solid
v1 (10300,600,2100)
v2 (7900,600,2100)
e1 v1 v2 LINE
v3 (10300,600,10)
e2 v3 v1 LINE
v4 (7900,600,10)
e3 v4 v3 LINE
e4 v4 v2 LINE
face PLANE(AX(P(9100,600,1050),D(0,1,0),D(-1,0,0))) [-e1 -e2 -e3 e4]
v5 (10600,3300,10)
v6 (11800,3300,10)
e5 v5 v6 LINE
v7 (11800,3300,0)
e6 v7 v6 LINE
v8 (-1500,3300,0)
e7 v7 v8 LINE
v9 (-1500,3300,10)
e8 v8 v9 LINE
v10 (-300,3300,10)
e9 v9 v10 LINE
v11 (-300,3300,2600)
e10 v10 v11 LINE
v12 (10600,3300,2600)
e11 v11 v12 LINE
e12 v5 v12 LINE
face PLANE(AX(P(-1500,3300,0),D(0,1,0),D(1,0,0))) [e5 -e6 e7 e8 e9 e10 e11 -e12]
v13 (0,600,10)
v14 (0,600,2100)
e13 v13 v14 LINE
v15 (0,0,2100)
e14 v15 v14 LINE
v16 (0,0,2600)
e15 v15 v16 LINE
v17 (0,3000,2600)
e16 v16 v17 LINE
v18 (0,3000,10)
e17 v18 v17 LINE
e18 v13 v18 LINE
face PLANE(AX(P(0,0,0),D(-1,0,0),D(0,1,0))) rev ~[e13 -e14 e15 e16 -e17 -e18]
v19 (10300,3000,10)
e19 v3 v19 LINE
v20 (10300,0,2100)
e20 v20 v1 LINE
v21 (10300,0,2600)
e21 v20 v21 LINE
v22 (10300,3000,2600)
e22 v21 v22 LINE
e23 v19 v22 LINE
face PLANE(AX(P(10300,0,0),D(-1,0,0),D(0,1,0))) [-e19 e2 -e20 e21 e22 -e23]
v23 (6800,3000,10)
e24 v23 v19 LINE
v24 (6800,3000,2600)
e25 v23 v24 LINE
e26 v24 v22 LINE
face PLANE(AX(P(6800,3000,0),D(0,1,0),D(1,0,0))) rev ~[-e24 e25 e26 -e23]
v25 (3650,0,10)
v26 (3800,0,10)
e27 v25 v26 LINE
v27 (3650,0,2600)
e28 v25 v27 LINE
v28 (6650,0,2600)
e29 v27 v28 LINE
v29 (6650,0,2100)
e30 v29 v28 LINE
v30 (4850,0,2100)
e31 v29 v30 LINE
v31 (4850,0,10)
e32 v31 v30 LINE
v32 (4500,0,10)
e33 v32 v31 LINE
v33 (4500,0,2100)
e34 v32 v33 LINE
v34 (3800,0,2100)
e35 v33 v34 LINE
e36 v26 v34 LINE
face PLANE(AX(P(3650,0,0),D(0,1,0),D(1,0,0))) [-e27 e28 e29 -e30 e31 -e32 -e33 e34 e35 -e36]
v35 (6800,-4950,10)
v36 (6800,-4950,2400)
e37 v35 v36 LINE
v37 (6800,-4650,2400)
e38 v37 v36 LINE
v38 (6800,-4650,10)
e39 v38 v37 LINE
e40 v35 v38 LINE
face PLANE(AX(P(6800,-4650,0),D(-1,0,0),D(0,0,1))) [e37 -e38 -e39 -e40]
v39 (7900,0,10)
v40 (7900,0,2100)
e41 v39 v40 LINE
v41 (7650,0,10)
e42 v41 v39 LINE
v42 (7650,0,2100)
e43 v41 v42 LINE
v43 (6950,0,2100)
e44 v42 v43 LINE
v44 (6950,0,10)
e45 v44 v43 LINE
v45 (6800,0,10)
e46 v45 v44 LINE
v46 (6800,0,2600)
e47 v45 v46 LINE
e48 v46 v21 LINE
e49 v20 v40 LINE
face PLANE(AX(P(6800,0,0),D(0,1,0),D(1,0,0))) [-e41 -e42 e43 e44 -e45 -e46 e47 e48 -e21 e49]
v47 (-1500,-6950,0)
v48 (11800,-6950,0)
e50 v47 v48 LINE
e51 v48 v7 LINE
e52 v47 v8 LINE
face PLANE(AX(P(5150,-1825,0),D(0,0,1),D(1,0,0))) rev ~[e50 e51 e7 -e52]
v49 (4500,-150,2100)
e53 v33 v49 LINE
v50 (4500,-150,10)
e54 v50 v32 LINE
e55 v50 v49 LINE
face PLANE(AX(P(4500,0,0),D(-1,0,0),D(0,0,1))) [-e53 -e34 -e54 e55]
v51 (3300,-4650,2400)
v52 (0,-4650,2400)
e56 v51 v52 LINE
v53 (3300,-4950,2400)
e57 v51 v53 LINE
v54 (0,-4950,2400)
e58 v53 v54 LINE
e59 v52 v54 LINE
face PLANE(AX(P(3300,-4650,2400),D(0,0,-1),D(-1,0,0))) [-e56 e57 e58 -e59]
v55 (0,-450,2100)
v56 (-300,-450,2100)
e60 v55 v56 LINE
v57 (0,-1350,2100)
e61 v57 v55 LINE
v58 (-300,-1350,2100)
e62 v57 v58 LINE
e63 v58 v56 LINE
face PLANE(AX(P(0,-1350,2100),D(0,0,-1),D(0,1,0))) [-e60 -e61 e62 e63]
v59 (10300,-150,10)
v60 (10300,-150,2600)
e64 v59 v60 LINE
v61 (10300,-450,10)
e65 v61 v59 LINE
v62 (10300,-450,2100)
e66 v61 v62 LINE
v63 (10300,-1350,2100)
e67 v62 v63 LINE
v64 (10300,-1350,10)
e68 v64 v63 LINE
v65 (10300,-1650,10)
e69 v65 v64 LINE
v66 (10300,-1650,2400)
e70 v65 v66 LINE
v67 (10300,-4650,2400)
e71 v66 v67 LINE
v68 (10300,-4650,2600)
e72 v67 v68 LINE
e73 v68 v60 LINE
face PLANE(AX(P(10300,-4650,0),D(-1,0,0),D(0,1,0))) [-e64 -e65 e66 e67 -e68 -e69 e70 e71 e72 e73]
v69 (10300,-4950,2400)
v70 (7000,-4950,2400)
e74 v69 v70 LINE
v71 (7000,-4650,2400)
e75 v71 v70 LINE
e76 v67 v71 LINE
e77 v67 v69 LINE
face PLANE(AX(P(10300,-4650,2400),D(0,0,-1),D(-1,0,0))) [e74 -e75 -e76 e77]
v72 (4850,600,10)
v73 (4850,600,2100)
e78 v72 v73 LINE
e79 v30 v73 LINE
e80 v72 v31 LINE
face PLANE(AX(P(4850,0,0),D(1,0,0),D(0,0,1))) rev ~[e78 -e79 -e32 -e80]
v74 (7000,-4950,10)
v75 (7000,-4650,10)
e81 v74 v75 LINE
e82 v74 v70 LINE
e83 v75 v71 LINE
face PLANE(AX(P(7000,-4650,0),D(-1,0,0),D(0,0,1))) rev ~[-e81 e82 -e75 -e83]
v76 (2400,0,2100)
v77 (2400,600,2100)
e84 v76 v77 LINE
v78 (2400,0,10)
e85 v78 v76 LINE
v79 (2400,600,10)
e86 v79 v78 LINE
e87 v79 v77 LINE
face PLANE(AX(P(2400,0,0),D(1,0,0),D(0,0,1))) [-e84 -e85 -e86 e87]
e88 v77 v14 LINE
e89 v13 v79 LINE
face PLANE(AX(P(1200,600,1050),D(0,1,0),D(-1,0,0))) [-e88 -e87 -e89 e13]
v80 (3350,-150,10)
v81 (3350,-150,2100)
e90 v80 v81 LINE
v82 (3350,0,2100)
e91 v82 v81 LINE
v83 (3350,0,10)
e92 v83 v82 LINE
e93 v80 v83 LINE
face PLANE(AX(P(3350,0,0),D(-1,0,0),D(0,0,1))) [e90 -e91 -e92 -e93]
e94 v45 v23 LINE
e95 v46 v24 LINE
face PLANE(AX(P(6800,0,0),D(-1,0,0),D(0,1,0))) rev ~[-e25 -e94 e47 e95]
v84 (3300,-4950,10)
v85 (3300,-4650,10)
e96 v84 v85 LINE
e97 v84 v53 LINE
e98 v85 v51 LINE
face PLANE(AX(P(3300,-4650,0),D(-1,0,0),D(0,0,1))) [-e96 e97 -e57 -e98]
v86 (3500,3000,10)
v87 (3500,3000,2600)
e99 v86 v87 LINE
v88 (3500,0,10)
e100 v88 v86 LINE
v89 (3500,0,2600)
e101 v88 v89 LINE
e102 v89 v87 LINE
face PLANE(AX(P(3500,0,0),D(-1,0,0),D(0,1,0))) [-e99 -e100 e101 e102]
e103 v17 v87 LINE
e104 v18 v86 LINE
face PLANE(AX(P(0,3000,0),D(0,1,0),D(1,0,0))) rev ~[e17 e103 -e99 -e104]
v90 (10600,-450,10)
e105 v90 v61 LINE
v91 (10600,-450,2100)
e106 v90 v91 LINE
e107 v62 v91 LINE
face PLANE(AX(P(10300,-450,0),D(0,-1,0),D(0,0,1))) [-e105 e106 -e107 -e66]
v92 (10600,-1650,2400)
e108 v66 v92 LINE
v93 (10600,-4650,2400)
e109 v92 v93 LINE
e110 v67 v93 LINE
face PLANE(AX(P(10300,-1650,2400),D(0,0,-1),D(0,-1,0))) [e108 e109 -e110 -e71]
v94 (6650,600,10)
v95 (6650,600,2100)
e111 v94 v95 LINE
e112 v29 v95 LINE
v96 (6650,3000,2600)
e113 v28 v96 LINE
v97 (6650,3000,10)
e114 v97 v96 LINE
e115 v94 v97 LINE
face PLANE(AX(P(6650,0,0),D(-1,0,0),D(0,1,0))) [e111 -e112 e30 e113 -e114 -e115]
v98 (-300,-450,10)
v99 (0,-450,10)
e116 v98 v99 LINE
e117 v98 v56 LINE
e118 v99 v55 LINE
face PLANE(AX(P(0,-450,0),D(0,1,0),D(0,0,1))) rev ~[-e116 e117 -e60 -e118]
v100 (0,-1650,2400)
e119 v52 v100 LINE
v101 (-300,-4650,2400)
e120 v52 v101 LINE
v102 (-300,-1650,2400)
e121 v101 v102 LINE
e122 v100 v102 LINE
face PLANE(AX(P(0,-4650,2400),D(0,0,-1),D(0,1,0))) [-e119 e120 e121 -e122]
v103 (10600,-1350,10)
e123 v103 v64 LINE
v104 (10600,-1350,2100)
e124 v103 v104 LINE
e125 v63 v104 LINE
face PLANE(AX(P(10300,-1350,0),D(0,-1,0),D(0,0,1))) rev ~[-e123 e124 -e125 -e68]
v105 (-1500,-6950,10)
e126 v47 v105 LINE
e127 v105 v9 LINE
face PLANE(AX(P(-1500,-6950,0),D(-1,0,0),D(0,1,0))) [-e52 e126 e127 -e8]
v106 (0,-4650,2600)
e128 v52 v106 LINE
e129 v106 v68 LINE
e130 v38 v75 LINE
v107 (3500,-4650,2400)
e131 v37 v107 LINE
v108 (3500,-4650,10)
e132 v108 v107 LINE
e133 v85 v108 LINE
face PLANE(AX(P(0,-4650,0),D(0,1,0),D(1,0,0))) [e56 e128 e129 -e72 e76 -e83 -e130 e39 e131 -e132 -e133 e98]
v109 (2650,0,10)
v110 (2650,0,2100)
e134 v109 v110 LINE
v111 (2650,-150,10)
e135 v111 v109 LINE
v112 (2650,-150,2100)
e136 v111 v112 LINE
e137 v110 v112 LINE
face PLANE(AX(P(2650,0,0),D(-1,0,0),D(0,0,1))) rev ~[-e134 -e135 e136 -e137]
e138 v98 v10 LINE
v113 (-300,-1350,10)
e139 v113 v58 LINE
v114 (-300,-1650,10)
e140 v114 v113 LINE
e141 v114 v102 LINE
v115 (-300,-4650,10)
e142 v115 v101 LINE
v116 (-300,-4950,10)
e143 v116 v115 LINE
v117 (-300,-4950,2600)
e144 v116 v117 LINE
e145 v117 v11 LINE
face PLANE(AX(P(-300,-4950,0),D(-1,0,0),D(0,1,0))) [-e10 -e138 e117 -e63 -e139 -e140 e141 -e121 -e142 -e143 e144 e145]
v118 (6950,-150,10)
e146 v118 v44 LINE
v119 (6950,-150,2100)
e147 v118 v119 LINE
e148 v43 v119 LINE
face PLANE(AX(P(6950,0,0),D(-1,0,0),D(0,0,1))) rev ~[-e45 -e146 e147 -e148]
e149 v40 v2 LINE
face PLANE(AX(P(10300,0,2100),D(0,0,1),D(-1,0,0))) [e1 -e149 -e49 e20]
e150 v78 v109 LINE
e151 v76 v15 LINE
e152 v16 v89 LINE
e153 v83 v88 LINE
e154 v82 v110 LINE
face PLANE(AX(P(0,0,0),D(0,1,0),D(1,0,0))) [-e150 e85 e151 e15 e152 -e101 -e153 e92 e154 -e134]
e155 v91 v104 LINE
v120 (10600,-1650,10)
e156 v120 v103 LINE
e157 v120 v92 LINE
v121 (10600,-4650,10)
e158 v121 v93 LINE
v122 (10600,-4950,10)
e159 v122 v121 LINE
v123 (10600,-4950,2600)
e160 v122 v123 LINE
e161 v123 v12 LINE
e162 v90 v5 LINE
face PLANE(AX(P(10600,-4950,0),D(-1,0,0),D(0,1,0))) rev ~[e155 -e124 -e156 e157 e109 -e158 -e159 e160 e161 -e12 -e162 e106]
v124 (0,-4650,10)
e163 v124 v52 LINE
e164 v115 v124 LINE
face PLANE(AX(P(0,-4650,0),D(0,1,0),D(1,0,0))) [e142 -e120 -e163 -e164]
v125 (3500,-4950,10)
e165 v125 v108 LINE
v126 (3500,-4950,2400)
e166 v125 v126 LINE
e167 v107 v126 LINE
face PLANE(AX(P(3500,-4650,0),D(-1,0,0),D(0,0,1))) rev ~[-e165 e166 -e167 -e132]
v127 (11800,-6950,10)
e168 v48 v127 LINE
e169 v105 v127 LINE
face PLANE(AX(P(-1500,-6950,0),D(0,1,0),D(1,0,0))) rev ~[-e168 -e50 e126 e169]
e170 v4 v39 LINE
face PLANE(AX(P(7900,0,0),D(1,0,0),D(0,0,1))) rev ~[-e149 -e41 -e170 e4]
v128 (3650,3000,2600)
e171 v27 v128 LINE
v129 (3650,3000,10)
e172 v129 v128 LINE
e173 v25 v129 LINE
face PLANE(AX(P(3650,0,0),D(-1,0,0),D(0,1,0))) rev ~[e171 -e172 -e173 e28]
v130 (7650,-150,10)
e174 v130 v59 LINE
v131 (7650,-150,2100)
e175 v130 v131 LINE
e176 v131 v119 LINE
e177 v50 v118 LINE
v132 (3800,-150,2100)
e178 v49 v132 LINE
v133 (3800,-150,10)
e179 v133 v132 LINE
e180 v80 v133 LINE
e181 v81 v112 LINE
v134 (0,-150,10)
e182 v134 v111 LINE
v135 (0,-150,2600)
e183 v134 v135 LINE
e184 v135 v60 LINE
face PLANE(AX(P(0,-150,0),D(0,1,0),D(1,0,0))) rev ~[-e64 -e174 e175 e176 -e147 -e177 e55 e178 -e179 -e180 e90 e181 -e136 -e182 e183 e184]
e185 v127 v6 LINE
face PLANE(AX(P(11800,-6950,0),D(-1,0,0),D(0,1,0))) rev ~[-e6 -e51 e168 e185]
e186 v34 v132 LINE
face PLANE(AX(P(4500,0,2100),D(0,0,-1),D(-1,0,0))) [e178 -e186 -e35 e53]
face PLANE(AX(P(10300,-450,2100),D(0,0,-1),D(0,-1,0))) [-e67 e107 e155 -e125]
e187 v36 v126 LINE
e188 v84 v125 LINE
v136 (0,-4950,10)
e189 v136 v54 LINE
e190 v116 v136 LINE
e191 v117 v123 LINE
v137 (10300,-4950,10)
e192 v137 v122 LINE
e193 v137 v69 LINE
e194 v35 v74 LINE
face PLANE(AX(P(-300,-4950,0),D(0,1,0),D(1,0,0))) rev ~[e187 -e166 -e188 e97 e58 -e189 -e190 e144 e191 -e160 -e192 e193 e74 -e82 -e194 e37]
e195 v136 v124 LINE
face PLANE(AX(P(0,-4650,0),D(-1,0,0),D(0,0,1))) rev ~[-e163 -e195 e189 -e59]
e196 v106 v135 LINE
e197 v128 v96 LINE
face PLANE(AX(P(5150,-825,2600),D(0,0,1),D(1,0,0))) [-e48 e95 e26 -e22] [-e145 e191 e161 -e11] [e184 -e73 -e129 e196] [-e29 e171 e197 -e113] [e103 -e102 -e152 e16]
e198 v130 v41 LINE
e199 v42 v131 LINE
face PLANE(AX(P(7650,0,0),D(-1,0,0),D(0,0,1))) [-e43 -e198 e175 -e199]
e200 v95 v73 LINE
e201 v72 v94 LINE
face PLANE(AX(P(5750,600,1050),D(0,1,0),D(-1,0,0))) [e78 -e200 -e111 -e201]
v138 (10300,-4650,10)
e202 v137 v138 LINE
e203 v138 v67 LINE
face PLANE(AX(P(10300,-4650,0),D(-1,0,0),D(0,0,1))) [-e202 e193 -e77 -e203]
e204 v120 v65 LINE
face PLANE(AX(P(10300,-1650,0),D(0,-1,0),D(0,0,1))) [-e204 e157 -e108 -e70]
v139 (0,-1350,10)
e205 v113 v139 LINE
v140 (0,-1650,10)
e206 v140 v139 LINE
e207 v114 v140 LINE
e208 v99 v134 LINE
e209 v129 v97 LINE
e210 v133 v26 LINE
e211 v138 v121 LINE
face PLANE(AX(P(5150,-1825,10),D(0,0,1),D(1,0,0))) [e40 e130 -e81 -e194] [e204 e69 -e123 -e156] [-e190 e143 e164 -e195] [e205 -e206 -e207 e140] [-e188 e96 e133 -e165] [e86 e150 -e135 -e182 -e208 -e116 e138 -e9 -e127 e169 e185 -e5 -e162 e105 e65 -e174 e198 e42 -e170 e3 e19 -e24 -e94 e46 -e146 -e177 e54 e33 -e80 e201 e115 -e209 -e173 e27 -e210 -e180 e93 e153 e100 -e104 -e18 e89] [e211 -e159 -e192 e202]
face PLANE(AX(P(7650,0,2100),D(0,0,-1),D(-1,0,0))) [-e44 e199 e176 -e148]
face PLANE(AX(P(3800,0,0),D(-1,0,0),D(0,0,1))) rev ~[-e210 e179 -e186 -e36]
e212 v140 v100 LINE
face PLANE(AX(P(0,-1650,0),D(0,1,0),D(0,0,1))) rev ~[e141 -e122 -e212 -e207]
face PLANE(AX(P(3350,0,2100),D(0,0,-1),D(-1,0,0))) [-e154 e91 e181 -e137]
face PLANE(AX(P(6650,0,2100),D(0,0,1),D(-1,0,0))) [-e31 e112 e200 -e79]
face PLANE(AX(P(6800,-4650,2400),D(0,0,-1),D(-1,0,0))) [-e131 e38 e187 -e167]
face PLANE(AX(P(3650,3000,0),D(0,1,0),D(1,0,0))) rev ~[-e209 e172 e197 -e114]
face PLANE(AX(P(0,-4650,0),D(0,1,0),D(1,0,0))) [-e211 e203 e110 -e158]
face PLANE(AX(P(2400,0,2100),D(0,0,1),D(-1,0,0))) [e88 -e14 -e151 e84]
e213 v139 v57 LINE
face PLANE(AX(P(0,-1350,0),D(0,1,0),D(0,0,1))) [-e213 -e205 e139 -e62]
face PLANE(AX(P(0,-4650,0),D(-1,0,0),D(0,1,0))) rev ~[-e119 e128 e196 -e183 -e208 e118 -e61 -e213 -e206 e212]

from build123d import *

# Parameters (mm, degrees)
F0_W      = 10900
F0_H      = 8250
F0_W_2    = 10300
F0_H_2    = 4500
F0_W_3    = 3500
F0_H_3    = 3000
F0_W_4    = 3000
F1_DEPTH  = 2600
F2_W      = 700
F2_H      = 2100
F3_DEPTH  = 150
F4_W      = 2400
F4_H      = 2100
F4_W_2    = 1800
F5_DEPTH  = 600
F6_W      = 900
F6_H      = 2100
F7_DEPTH  = 300
F8_W      = 900
F8_H      = 2100
F9_DEPTH  = 300
F11_W     = 3000
F11_H     = 2400
F12_DEPTH = 300
F10_W     = 3000
F10_H     = 2400
F13_DEPTH = 300
F14_W     = 3300
F14_H     = 2400
F15_DEPTH = 300
F16_W     = 13300
F16_H     = 10250
F17_DEPTH = 10


with BuildPart() as f1:
    # F0 (on Top) → F1 (new body)
    with BuildSketch(Plane.XY):
        with Locations((5150, -825)):
            Rectangle(F0_W, F0_H)
        with Locations((5150, -2400)):
            Rectangle(F0_W_2, F0_H_2, mode=Mode.SUBTRACT)
        with Locations((1750, 1500)):
            Rectangle(F0_W_3, F0_H_3, mode=Mode.SUBTRACT)
        with Locations((5150, 1500)):
            Rectangle(F0_W_4, F0_H_3, mode=Mode.SUBTRACT)
        with Locations((8550, 1500)):
            Rectangle(F0_W_3, F0_H_3, mode=Mode.SUBTRACT)
    extrude(amount=F1_DEPTH)

    # F2 (on face) → F3 (cut, through all)
    with BuildSketch(Plane(origin=(0, 0, 0), x_dir=(-1, 0, 0), z_dir=(0, 1, 0))):
        with Locations((-4150, 1050)):
            Rectangle(F2_W, F2_H)
        with Locations((-7300, 1050)):
            Rectangle(F2_W, F2_H)
        with Locations((-3000, 1050)):
            Rectangle(F2_W, F2_H)
    extrude(amount=-F3_DEPTH, mode=Mode.SUBTRACT)

    # F4 (on face) → F5 (join)
    with BuildSketch(Plane(origin=(0, 0, 0), x_dir=(-1, 0, 0), z_dir=(0, 1, 0))):
        with Locations((-9100, 1050)):
            Rectangle(F4_W, F4_H)
        with Locations((-5750, 1050)):
            Rectangle(F4_W_2, F4_H)
        with Locations((-1200, 1050)):
            Rectangle(F4_W, F4_H)
    extrude(amount=F5_DEPTH)

    # F6 (on face) → F7 (cut, through all)
    with BuildSketch(Plane(origin=(10300, 0, 0), x_dir=(0, -1, 0), z_dir=(-1, 0, 0))):
        with Locations((900, 1050)):
            Rectangle(F6_W, F6_H)
    extrude(amount=-F7_DEPTH, mode=Mode.SUBTRACT)

    # F8 (on face) → F9 (cut, through all)
    with BuildSketch(Plane.YZ):
        with Locations((-900, 1050)):
            Rectangle(F8_W, F8_H)
    extrude(amount=-F9_DEPTH, mode=Mode.SUBTRACT)

    # F11 (on face) → F12 (cut, through all)
    with BuildSketch(Plane.YZ):
        with Locations((-3150, 1200)):
            Rectangle(F11_W, F11_H)
    extrude(amount=-F12_DEPTH, mode=Mode.SUBTRACT)

    # F10 (on face) → F13 (cut, through all)
    with BuildSketch(Plane(origin=(10300, 0, 0), x_dir=(0, -1, 0), z_dir=(-1, 0, 0))):
        with Locations((3150, 1200)):
            Rectangle(F10_W, F10_H)
    extrude(amount=-F13_DEPTH, mode=Mode.SUBTRACT)

    # F14 (on face) → F15 (cut, through all)
    with BuildSketch(Plane(origin=(0, -4650, 0), x_dir=(-1, 0, 0), z_dir=(0, 1, 0))):
        with Locations((-8650, 1200)):
            Rectangle(F14_W, F14_H)
        with Locations((-5150, 1200)):
            Rectangle(F14_W, F14_H)
        with Locations((-1650, 1200)):
            Rectangle(F14_W, F14_H)
    extrude(amount=-F15_DEPTH, mode=Mode.SUBTRACT)

    # F16 (on Top) → F17 (join)
    with BuildSketch(Plane.XY):
        with Locations((5150, -1825)):
            Rectangle(F16_W, F16_H)
    extrude(amount=F17_DEPTH)


solid = f1.part
